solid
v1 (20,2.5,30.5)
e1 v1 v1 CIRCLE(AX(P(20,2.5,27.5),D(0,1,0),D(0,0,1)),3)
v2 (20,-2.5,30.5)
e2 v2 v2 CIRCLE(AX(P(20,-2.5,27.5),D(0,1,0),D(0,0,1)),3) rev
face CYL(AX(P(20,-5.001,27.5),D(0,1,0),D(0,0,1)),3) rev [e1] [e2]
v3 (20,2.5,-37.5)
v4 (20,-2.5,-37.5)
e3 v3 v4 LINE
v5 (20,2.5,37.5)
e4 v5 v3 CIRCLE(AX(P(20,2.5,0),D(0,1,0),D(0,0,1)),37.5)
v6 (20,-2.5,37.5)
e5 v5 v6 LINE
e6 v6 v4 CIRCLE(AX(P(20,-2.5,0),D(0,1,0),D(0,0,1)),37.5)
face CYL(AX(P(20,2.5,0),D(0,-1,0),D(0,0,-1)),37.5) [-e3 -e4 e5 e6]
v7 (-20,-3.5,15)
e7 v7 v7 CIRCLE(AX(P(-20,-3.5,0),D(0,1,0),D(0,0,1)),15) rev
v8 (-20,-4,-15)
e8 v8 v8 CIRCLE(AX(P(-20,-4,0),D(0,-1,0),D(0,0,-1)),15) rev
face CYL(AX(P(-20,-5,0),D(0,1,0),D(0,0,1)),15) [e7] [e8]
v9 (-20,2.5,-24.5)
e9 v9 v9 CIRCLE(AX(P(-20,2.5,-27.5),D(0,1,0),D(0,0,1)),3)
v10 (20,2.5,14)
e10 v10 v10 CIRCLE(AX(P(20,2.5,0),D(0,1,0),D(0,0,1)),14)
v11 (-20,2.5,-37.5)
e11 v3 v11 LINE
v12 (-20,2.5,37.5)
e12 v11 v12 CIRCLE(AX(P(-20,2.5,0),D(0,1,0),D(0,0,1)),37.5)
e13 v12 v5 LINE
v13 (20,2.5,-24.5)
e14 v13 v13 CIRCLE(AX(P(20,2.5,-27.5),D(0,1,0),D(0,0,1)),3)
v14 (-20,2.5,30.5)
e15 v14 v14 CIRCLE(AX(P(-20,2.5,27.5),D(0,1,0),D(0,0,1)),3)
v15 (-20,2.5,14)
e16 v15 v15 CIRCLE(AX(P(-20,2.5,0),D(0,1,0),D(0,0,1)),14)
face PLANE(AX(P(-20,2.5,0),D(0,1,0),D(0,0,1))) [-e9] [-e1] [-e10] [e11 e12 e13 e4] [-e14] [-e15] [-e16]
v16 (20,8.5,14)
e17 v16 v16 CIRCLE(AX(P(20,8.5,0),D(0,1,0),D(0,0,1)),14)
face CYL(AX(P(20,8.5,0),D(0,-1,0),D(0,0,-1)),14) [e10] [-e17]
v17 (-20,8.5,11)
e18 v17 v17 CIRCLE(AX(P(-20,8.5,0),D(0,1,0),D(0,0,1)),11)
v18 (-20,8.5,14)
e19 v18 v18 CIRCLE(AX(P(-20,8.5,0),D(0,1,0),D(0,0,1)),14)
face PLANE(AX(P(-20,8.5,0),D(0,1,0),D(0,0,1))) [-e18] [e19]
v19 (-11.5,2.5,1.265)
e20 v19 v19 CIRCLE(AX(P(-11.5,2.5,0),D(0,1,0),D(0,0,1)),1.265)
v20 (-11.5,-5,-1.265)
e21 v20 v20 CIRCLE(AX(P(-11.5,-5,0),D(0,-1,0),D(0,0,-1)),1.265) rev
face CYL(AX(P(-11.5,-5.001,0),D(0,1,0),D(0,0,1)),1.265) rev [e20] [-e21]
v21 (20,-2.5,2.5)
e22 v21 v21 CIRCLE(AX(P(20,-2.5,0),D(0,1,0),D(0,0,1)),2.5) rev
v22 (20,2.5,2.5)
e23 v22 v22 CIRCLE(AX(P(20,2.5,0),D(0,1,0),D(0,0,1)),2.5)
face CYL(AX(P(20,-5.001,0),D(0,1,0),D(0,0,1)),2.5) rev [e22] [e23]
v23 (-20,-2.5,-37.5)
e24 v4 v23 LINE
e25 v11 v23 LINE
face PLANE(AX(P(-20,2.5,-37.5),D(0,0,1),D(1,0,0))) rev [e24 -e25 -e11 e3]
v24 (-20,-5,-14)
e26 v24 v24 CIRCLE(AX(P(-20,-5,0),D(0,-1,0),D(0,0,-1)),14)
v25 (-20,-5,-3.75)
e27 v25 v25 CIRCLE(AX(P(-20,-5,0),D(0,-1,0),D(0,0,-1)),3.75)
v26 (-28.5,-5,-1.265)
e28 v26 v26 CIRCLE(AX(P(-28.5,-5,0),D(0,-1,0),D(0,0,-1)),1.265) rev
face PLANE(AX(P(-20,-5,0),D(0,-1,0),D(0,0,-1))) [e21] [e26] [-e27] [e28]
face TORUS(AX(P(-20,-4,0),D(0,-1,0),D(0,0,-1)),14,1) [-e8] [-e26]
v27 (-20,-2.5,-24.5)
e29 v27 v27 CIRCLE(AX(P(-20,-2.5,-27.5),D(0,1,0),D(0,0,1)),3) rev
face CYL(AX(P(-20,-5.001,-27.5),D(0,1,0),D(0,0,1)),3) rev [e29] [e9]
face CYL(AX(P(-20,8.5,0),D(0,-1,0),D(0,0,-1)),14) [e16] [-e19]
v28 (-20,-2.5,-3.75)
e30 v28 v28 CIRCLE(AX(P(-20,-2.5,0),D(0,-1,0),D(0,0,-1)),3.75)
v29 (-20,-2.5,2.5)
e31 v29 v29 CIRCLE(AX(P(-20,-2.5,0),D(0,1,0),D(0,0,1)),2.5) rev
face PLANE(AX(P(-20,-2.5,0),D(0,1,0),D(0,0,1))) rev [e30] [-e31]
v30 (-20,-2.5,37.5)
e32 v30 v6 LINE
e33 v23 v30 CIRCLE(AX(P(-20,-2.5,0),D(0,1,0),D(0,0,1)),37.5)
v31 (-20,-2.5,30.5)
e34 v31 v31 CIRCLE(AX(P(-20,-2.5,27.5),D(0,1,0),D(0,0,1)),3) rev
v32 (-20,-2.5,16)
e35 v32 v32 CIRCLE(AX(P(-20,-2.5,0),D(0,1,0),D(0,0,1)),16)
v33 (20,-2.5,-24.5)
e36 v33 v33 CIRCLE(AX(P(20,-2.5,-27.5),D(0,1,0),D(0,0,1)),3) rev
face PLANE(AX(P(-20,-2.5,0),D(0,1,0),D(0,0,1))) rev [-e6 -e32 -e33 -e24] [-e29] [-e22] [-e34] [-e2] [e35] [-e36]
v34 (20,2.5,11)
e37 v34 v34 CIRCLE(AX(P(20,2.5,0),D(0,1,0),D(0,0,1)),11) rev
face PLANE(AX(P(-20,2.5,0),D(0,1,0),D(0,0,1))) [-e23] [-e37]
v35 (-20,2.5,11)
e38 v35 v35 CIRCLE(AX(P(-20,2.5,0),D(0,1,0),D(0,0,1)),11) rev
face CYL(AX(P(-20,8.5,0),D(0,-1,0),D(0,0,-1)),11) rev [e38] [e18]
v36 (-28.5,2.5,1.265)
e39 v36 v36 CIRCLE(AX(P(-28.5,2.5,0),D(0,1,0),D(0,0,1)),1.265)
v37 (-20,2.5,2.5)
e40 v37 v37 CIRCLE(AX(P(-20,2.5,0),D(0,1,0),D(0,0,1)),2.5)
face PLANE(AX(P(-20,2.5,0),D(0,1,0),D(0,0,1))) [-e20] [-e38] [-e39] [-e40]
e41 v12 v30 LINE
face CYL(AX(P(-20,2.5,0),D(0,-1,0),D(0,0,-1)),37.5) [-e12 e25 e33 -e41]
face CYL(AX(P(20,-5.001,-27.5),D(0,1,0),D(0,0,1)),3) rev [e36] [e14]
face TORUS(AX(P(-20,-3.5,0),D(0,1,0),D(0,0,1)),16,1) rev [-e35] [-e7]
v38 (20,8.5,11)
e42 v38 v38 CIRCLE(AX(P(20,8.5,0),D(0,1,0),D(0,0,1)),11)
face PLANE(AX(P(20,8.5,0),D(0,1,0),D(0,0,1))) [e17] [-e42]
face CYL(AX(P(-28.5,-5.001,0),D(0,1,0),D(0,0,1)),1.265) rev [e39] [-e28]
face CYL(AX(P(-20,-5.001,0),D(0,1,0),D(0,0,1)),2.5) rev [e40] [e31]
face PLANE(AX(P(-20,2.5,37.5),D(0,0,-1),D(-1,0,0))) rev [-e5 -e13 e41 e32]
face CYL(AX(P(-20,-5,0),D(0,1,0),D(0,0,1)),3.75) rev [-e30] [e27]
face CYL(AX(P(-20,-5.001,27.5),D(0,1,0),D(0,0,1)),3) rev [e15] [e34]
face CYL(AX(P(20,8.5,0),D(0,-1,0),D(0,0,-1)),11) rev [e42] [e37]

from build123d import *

# Parameters (mm, degrees)
SALIENTE_EXTRUIR1_DEPTH = 2.5
CROQUIS2_R              = 14
CROQUIS2_R_2            = 11
SALIENTE_EXTRUIR2_DEPTH = 6
CROQUIS8_R              = 15
CROQUIS8_R_2            = 3.75
SALIENTE_EXTRUIR4_DEPTH = 2.5
REDONDEO2_R             = 1
CORTAR_EXTRUIR1_REACH   = 71.056
CROQUIS6_R              = 1.265
CROQUIS6_R_2            = 2.5
CROQUIS6_R_3            = 3


with BuildPart() as part:
    # Croquis1 → Saliente-Extruir1 (new, symmetric)
    with BuildSketch(Plane(origin=(0, 0, 0), x_dir=(1, 0, 0), z_dir=(0, 1, 0))):
        with BuildLine():
            Line((-20, 37.5), (20, 37.5))
            ThreePointArc((20, 37.5), (57.5, 0), (20, -37.5))
            Line((20, -37.5), (-20, -37.5))
            ThreePointArc((-20, -37.5), (-57.5, 0), (-20, 37.5))
        make_face()
    extrude(amount=SALIENTE_EXTRUIR1_DEPTH, both=True)

    # Croquis2 → Saliente-Extruir2 (add)
    # profile 1 of 2: a face of its own
    with BuildSketch(Plane(origin=(0, 2.5, 0), x_dir=(1, 0, 0), z_dir=(0, 1, 0))):
        with Locations(Location((-20, 0, 0), (0, 0, 270))):
            Circle(CROQUIS2_R)
        with Locations(Location((-20, 0, 0), (0, 0, 270))):
            Circle(CROQUIS2_R_2, mode=Mode.SUBTRACT)
    # profile 2 of 2: a face of its own
    with BuildSketch(Plane(origin=(0, 2.5, 0), x_dir=(1, 0, 0), z_dir=(0, 1, 0))):
        with Locations(Location((20, 0, 0), (0, 0, 270))):
            Circle(CROQUIS2_R)
        with Locations(Location((20, 0, 0), (0, 0, 270))):
            Circle(CROQUIS2_R_2, mode=Mode.SUBTRACT)
    extrude(amount=SALIENTE_EXTRUIR2_DEPTH)

    # Croquis8 → Saliente-Extruir4 (add)
    with BuildSketch(Plane.XZ.offset(2.5)):
        with Locations(Location((-20, 0, 0), (0, 0, 270))):
            Circle(CROQUIS8_R)
        with Locations(Location((-20, 0, 0), (0, 0, 270))):
            Circle(CROQUIS8_R_2, mode=Mode.SUBTRACT)
    extrude(amount=SALIENTE_EXTRUIR4_DEPTH)

    # Redondeo2
    redondeo2_edges = [part.edges().sort_by_distance(p)[0] for p in [
        (-20, -2.5, 15),
        (-20, -5, 15),
    ]]
    fillet(redondeo2_edges, radius=REDONDEO2_R)

    # Croquis6 → Cortar-Extruir1 (cut, up to next)
    with BuildSketch(Plane(origin=(0, 2.5, 0), x_dir=(1, 0, 0), z_dir=(0, 1, 0)), mode=Mode.PRIVATE) as cortar_extruir1_sk1:
        with Locations(Location((-28.5, 0, 0), (0, 0, 270))):
            Circle(CROQUIS6_R)
    cortar_extruir1_tool1 = extrude(cortar_extruir1_sk1.sketch, amount=-CORTAR_EXTRUIR1_REACH, mode=Mode.PRIVATE) & part.part
    # Croquis6 → Cortar-Extruir1 (cut, up to next)
    with BuildSketch(Plane(origin=(0, 2.5, 0), x_dir=(1, 0, 0), z_dir=(0, 1, 0)), mode=Mode.PRIVATE) as cortar_extruir1_sk2:
        with Locations(Location((-11.5, 0, 0), (0, 0, 270))):
            Circle(CROQUIS6_R)
    cortar_extruir1_tool2 = extrude(cortar_extruir1_sk2.sketch, amount=-CORTAR_EXTRUIR1_REACH, mode=Mode.PRIVATE) & part.part
    # Croquis6 → Cortar-Extruir1 (cut, up to next)
    with BuildSketch(Plane(origin=(0, 2.5, 0), x_dir=(1, 0, 0), z_dir=(0, 1, 0)), mode=Mode.PRIVATE) as cortar_extruir1_sk3:
        with Locations(Location((-20, 0, 0), (0, 0, 270))):
            Circle(CROQUIS6_R_2)
    cortar_extruir1_tool3 = extrude(cortar_extruir1_sk3.sketch, amount=-CORTAR_EXTRUIR1_REACH, mode=Mode.PRIVATE) & part.part
    # Croquis6 → Cortar-Extruir1 (cut, up to next)
    with BuildSketch(Plane(origin=(0, 2.5, 0), x_dir=(1, 0, 0), z_dir=(0, 1, 0)), mode=Mode.PRIVATE) as cortar_extruir1_sk4:
        with Locations(Location((20, 0, 0), (0, 0, 270))):
            Circle(CROQUIS6_R_2)
    cortar_extruir1_tool4 = extrude(cortar_extruir1_sk4.sketch, amount=-CORTAR_EXTRUIR1_REACH, mode=Mode.PRIVATE) & part.part
    # Croquis6 → Cortar-Extruir1 (cut, up to next)
    with BuildSketch(Plane(origin=(0, 2.5, 0), x_dir=(1, 0, 0), z_dir=(0, 1, 0)), mode=Mode.PRIVATE) as cortar_extruir1_sk5:
        with Locations(Location((-20, 27.5, 0), (0, 0, 270))):
            Circle(CROQUIS6_R_3)
    cortar_extruir1_tool5 = extrude(cortar_extruir1_sk5.sketch, amount=-CORTAR_EXTRUIR1_REACH, mode=Mode.PRIVATE) & part.part
    # Croquis6 → Cortar-Extruir1 (cut, up to next)
    with BuildSketch(Plane(origin=(0, 2.5, 0), x_dir=(1, 0, 0), z_dir=(0, 1, 0)), mode=Mode.PRIVATE) as cortar_extruir1_sk6:
        with Locations(Location((20, 27.5, 0), (0, 0, 270))):
            Circle(CROQUIS6_R_3)
    cortar_extruir1_tool6 = extrude(cortar_extruir1_sk6.sketch, amount=-CORTAR_EXTRUIR1_REACH, mode=Mode.PRIVATE) & part.part
    # Croquis6 → Cortar-Extruir1 (cut, up to next)
    with BuildSketch(Plane(origin=(0, 2.5, 0), x_dir=(1, 0, 0), z_dir=(0, 1, 0)), mode=Mode.PRIVATE) as cortar_extruir1_sk7:
        with Locations(Location((20, -27.5, 0), (0, 0, 270))):
            Circle(CROQUIS6_R_3)
    cortar_extruir1_tool7 = extrude(cortar_extruir1_sk7.sketch, amount=-CORTAR_EXTRUIR1_REACH, mode=Mode.PRIVATE) & part.part
    # Croquis6 → Cortar-Extruir1 (cut, up to next)
    with BuildSketch(Plane(origin=(0, 2.5, 0), x_dir=(1, 0, 0), z_dir=(0, 1, 0)), mode=Mode.PRIVATE) as cortar_extruir1_sk8:
        with Locations(Location((-20, -27.5, 0), (0, 0, 270))):
            Circle(CROQUIS6_R_3)
    cortar_extruir1_tool8 = extrude(cortar_extruir1_sk8.sketch, amount=-CORTAR_EXTRUIR1_REACH, mode=Mode.PRIVATE) & part.part
    add(cortar_extruir1_tool1.solids().sort_by_distance((-28.5, 2.5, 0))[0], mode=Mode.SUBTRACT)
    add(cortar_extruir1_tool2.solids().sort_by_distance((-11.5, 2.5, 0))[0], mode=Mode.SUBTRACT)
    add(cortar_extruir1_tool3.solids().sort_by_distance((-20, 2.5, 0))[0], mode=Mode.SUBTRACT)
    add(cortar_extruir1_tool4.solids().sort_by_distance((20, 2.5, 0))[0], mode=Mode.SUBTRACT)
    add(cortar_extruir1_tool5.solids().sort_by_distance((-20, 2.5, -27.5))[0], mode=Mode.SUBTRACT)
    add(cortar_extruir1_tool6.solids().sort_by_distance((20, 2.5, -27.5))[0], mode=Mode.SUBTRACT)
    add(cortar_extruir1_tool7.solids().sort_by_distance((20, 2.5, 27.5))[0], mode=Mode.SUBTRACT)
    add(cortar_extruir1_tool8.solids().sort_by_distance((-20, 2.5, 27.5))[0], mode=Mode.SUBTRACT)


solid = part.part
